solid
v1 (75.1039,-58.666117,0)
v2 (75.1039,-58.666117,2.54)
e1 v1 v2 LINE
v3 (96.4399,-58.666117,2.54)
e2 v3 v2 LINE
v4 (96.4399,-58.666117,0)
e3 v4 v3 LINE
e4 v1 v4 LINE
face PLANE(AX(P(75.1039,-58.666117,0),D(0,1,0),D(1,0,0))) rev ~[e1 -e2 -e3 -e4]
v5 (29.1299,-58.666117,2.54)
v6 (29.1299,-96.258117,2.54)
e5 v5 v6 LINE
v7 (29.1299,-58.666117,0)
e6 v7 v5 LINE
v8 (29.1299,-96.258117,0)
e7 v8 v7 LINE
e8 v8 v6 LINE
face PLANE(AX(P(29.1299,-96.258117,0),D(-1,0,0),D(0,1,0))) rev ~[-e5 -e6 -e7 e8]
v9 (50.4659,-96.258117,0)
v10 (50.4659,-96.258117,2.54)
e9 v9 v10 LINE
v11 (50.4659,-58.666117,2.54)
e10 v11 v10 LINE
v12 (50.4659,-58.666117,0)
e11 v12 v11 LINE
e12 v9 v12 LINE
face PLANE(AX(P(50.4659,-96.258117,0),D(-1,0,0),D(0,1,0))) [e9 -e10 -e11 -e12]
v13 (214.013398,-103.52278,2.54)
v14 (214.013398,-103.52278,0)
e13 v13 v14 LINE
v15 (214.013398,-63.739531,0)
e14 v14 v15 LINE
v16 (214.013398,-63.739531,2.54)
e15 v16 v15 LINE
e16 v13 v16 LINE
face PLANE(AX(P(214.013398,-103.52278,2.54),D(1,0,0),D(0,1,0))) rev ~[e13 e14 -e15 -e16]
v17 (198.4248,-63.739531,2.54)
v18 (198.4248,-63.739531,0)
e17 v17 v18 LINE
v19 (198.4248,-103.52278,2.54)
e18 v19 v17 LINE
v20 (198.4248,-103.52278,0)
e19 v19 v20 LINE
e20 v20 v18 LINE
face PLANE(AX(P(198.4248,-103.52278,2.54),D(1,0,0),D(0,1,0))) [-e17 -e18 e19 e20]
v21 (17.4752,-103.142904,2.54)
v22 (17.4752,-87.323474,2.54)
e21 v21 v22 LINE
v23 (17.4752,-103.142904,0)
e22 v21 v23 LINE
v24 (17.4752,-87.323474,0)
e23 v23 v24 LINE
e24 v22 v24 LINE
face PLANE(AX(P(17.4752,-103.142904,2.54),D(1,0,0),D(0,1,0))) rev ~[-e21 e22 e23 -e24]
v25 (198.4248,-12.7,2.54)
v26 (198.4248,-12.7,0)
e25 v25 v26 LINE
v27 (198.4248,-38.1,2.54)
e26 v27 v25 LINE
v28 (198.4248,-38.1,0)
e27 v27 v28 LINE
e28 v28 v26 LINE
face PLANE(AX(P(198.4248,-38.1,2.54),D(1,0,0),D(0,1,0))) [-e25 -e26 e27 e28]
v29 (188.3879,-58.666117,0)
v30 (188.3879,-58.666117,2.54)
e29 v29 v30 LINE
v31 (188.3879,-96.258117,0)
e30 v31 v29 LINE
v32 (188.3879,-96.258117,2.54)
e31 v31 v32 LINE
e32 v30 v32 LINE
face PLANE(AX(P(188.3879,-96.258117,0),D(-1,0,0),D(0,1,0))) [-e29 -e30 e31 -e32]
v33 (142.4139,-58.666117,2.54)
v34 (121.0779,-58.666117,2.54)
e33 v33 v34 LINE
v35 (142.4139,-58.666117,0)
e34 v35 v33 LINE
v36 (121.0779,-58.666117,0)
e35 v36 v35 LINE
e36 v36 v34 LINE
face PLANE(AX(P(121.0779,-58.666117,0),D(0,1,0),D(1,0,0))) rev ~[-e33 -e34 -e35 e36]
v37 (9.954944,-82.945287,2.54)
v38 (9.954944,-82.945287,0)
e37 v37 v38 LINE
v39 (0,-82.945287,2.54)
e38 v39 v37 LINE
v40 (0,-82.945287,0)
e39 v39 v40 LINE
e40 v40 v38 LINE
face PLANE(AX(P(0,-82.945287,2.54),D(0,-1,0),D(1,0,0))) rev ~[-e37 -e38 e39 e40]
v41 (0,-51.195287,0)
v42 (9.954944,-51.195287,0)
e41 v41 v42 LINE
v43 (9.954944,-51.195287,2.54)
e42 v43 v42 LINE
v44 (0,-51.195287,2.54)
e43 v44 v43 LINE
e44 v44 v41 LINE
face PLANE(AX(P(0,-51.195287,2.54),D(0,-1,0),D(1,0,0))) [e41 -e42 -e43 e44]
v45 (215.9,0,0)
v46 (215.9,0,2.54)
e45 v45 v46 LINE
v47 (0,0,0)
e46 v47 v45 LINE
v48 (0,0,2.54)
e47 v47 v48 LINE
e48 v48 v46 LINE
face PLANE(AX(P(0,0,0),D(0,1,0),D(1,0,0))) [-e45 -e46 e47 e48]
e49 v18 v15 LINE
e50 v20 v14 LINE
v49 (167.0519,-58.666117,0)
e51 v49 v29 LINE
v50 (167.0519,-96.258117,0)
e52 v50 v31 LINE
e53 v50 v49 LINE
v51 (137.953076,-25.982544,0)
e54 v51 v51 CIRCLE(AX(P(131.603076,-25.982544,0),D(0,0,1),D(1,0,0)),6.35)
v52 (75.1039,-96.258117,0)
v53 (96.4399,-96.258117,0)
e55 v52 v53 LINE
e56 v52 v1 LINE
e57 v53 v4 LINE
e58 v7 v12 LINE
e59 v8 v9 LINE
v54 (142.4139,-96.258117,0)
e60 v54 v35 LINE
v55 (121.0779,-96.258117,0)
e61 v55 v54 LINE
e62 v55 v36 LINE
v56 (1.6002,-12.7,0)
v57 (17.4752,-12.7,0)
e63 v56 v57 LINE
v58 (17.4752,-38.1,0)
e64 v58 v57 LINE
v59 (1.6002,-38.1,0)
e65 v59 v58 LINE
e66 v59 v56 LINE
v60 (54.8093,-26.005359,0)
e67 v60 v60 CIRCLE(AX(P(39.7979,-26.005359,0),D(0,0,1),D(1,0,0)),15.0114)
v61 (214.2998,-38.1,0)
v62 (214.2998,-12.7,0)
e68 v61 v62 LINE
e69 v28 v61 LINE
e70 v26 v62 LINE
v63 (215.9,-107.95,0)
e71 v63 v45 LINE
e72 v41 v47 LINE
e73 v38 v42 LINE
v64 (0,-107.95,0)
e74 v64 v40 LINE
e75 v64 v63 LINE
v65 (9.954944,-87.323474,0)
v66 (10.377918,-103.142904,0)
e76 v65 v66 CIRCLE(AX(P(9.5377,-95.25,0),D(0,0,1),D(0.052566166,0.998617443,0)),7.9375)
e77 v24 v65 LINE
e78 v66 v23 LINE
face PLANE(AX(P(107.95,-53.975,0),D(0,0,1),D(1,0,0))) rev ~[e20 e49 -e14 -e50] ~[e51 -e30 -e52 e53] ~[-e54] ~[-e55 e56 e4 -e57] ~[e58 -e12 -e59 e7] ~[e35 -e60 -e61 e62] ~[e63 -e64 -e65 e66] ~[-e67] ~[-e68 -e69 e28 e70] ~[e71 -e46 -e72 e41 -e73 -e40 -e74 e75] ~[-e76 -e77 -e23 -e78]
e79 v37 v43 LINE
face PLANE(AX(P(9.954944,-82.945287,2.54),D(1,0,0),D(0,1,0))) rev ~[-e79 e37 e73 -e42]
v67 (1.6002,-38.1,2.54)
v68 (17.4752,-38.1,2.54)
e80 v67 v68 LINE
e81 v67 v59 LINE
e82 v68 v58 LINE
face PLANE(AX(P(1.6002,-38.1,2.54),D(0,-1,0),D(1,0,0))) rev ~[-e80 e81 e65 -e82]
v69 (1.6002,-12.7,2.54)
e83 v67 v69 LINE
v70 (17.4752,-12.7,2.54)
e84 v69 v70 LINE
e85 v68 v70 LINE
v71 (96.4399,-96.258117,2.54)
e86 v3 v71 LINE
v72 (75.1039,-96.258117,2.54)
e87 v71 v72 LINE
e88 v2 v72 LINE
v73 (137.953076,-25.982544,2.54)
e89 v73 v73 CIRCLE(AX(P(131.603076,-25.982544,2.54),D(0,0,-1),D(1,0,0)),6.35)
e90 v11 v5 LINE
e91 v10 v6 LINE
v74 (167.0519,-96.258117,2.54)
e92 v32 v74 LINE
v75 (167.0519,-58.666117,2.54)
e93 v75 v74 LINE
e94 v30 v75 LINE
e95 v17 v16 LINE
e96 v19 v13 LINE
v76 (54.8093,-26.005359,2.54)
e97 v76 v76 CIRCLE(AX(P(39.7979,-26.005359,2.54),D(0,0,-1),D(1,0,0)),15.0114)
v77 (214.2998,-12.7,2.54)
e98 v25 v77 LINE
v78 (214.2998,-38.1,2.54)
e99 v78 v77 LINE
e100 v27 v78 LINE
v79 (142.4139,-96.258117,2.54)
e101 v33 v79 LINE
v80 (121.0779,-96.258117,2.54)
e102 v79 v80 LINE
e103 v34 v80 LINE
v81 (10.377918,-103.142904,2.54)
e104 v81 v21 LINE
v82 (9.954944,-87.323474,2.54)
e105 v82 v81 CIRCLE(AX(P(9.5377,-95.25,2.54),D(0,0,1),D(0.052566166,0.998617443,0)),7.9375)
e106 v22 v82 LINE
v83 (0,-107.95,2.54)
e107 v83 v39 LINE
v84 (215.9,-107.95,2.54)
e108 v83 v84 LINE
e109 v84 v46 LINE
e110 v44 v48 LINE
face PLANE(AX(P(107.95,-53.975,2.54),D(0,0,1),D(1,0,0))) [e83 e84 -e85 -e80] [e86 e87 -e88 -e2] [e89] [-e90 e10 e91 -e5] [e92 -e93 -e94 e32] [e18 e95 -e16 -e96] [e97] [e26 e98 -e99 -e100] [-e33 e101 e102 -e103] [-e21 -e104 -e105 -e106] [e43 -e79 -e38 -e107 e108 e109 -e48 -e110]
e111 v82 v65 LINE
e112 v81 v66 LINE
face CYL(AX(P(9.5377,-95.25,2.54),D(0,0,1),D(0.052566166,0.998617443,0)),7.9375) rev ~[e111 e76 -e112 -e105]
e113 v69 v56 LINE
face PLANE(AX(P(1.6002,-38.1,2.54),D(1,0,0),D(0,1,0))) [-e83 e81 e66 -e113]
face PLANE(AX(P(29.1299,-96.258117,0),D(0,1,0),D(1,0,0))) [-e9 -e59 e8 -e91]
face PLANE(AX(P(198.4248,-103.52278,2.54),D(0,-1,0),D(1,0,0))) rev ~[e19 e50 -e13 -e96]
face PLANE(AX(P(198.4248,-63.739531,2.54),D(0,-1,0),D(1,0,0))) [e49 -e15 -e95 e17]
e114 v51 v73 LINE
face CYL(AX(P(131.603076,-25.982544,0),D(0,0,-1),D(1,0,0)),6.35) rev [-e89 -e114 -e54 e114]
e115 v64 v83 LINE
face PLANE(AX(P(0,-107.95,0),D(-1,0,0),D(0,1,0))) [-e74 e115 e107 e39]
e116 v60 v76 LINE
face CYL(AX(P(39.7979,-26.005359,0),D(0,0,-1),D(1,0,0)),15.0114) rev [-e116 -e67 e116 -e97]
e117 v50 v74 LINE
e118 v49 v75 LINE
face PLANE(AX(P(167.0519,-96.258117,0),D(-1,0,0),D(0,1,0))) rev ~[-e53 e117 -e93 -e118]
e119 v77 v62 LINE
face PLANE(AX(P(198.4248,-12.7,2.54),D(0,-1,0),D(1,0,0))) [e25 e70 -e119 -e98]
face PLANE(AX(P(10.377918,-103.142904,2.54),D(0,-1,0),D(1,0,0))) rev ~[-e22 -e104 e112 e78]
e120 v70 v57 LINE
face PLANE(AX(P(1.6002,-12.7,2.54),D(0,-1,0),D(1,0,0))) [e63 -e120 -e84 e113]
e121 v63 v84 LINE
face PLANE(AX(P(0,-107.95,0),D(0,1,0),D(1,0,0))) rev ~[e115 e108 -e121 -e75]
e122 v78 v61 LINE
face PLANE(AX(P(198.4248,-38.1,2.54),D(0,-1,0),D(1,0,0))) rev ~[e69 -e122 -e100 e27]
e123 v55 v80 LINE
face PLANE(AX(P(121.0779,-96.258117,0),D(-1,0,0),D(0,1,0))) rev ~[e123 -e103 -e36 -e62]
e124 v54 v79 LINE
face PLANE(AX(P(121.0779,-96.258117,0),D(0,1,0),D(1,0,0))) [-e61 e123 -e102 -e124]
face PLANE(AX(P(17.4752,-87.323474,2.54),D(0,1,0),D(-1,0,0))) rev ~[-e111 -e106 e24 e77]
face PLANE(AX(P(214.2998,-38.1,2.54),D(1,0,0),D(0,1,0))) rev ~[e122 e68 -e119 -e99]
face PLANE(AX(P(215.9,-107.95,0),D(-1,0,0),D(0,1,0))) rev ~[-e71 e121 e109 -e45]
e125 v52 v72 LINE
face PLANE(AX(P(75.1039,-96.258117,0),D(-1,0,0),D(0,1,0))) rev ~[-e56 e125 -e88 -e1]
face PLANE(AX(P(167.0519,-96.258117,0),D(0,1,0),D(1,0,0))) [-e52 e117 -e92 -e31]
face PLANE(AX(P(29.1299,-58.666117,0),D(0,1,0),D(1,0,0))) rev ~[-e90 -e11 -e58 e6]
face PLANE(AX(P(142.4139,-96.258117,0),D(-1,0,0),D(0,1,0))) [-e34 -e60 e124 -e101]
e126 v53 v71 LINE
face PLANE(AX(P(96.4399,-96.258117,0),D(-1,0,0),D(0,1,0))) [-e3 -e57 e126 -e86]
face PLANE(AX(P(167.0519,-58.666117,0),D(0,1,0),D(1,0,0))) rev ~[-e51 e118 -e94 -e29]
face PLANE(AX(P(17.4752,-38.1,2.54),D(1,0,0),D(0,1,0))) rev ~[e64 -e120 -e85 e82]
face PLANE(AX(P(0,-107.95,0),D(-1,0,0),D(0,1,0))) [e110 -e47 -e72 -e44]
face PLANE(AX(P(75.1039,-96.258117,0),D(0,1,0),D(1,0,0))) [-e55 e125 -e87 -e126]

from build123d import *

# Parameters (mm, degrees)
F0_W     = 215.9
F0_H     = 107.95
F1_DEPTH = 2.54
F2_R     = 15.0114
F2_W     = 21.336
F2_H     = 37.592
F2_R_2   = 6.35
F3_DEPTH = 25.4
F4_W     = 15.875
F4_H     = 25.4
F4_W_2   = 15.588598
F4_H_2   = 39.783249
F5_DEPTH = 25.4
F6_W     = 9.954944
F6_H     = 31.75
F7_DEPTH = 25.4


with BuildPart() as f1:
    # F0 (on Top) → F1 (new body)
    with BuildSketch(Plane.XY):
        with Locations((107.95, -53.975)):
            Rectangle(F0_W, F0_H)
    extrude(amount=F1_DEPTH)

    # F2 (on face) → F3 (cut)
    with BuildSketch(Plane.XY):
        with Locations((39.7979, -26.005359)):
            Circle(F2_R)
        with Locations((39.7979, -77.462117)):
            Rectangle(F2_W, F2_H)
        with Locations((85.7719, -77.462117)):
            Rectangle(F2_W, F2_H)
        with Locations((131.7459, -77.462117)):
            Rectangle(F2_W, F2_H)
        with Locations((177.7199, -77.462117)):
            Rectangle(F2_W, F2_H)
        with Locations((131.603076, -25.982544)):
            Circle(F2_R_2)
    extrude(amount=F3_DEPTH, mode=Mode.SUBTRACT)

    # F4 (on face) → F5 (cut)
    with BuildSketch(Plane.XY.offset(2.54)):
        with Locations((9.5377, -25.4)):
            Rectangle(F4_W, F4_H)
        with BuildLine():
            Line((17.4752, -87.323474), (9.954944, -87.323474))
            ThreePointArc((9.954944, -87.323474), (1.603036, -95.462154), (10.377918, -103.142904))
            Line((10.377918, -103.142904), (17.4752, -103.142904))
            Line((17.4752, -103.142904), (17.4752, -87.323474))
        make_face()
        with Locations((206.3623, -25.4)):
            Rectangle(F4_W, F4_H)
        with Locations((206.219099, -83.631156)):
            Rectangle(F4_W_2, F4_H_2)
    extrude(amount=-F5_DEPTH, mode=Mode.SUBTRACT)

    # F6 (on face) → F7 (cut)
    with BuildSketch(Plane.XY.offset(2.54)):
        with Locations((4.977472, -67.070287)):
            Rectangle(F6_W, F6_H)
    extrude(amount=-F7_DEPTH, mode=Mode.SUBTRACT)


solid = f1.part
